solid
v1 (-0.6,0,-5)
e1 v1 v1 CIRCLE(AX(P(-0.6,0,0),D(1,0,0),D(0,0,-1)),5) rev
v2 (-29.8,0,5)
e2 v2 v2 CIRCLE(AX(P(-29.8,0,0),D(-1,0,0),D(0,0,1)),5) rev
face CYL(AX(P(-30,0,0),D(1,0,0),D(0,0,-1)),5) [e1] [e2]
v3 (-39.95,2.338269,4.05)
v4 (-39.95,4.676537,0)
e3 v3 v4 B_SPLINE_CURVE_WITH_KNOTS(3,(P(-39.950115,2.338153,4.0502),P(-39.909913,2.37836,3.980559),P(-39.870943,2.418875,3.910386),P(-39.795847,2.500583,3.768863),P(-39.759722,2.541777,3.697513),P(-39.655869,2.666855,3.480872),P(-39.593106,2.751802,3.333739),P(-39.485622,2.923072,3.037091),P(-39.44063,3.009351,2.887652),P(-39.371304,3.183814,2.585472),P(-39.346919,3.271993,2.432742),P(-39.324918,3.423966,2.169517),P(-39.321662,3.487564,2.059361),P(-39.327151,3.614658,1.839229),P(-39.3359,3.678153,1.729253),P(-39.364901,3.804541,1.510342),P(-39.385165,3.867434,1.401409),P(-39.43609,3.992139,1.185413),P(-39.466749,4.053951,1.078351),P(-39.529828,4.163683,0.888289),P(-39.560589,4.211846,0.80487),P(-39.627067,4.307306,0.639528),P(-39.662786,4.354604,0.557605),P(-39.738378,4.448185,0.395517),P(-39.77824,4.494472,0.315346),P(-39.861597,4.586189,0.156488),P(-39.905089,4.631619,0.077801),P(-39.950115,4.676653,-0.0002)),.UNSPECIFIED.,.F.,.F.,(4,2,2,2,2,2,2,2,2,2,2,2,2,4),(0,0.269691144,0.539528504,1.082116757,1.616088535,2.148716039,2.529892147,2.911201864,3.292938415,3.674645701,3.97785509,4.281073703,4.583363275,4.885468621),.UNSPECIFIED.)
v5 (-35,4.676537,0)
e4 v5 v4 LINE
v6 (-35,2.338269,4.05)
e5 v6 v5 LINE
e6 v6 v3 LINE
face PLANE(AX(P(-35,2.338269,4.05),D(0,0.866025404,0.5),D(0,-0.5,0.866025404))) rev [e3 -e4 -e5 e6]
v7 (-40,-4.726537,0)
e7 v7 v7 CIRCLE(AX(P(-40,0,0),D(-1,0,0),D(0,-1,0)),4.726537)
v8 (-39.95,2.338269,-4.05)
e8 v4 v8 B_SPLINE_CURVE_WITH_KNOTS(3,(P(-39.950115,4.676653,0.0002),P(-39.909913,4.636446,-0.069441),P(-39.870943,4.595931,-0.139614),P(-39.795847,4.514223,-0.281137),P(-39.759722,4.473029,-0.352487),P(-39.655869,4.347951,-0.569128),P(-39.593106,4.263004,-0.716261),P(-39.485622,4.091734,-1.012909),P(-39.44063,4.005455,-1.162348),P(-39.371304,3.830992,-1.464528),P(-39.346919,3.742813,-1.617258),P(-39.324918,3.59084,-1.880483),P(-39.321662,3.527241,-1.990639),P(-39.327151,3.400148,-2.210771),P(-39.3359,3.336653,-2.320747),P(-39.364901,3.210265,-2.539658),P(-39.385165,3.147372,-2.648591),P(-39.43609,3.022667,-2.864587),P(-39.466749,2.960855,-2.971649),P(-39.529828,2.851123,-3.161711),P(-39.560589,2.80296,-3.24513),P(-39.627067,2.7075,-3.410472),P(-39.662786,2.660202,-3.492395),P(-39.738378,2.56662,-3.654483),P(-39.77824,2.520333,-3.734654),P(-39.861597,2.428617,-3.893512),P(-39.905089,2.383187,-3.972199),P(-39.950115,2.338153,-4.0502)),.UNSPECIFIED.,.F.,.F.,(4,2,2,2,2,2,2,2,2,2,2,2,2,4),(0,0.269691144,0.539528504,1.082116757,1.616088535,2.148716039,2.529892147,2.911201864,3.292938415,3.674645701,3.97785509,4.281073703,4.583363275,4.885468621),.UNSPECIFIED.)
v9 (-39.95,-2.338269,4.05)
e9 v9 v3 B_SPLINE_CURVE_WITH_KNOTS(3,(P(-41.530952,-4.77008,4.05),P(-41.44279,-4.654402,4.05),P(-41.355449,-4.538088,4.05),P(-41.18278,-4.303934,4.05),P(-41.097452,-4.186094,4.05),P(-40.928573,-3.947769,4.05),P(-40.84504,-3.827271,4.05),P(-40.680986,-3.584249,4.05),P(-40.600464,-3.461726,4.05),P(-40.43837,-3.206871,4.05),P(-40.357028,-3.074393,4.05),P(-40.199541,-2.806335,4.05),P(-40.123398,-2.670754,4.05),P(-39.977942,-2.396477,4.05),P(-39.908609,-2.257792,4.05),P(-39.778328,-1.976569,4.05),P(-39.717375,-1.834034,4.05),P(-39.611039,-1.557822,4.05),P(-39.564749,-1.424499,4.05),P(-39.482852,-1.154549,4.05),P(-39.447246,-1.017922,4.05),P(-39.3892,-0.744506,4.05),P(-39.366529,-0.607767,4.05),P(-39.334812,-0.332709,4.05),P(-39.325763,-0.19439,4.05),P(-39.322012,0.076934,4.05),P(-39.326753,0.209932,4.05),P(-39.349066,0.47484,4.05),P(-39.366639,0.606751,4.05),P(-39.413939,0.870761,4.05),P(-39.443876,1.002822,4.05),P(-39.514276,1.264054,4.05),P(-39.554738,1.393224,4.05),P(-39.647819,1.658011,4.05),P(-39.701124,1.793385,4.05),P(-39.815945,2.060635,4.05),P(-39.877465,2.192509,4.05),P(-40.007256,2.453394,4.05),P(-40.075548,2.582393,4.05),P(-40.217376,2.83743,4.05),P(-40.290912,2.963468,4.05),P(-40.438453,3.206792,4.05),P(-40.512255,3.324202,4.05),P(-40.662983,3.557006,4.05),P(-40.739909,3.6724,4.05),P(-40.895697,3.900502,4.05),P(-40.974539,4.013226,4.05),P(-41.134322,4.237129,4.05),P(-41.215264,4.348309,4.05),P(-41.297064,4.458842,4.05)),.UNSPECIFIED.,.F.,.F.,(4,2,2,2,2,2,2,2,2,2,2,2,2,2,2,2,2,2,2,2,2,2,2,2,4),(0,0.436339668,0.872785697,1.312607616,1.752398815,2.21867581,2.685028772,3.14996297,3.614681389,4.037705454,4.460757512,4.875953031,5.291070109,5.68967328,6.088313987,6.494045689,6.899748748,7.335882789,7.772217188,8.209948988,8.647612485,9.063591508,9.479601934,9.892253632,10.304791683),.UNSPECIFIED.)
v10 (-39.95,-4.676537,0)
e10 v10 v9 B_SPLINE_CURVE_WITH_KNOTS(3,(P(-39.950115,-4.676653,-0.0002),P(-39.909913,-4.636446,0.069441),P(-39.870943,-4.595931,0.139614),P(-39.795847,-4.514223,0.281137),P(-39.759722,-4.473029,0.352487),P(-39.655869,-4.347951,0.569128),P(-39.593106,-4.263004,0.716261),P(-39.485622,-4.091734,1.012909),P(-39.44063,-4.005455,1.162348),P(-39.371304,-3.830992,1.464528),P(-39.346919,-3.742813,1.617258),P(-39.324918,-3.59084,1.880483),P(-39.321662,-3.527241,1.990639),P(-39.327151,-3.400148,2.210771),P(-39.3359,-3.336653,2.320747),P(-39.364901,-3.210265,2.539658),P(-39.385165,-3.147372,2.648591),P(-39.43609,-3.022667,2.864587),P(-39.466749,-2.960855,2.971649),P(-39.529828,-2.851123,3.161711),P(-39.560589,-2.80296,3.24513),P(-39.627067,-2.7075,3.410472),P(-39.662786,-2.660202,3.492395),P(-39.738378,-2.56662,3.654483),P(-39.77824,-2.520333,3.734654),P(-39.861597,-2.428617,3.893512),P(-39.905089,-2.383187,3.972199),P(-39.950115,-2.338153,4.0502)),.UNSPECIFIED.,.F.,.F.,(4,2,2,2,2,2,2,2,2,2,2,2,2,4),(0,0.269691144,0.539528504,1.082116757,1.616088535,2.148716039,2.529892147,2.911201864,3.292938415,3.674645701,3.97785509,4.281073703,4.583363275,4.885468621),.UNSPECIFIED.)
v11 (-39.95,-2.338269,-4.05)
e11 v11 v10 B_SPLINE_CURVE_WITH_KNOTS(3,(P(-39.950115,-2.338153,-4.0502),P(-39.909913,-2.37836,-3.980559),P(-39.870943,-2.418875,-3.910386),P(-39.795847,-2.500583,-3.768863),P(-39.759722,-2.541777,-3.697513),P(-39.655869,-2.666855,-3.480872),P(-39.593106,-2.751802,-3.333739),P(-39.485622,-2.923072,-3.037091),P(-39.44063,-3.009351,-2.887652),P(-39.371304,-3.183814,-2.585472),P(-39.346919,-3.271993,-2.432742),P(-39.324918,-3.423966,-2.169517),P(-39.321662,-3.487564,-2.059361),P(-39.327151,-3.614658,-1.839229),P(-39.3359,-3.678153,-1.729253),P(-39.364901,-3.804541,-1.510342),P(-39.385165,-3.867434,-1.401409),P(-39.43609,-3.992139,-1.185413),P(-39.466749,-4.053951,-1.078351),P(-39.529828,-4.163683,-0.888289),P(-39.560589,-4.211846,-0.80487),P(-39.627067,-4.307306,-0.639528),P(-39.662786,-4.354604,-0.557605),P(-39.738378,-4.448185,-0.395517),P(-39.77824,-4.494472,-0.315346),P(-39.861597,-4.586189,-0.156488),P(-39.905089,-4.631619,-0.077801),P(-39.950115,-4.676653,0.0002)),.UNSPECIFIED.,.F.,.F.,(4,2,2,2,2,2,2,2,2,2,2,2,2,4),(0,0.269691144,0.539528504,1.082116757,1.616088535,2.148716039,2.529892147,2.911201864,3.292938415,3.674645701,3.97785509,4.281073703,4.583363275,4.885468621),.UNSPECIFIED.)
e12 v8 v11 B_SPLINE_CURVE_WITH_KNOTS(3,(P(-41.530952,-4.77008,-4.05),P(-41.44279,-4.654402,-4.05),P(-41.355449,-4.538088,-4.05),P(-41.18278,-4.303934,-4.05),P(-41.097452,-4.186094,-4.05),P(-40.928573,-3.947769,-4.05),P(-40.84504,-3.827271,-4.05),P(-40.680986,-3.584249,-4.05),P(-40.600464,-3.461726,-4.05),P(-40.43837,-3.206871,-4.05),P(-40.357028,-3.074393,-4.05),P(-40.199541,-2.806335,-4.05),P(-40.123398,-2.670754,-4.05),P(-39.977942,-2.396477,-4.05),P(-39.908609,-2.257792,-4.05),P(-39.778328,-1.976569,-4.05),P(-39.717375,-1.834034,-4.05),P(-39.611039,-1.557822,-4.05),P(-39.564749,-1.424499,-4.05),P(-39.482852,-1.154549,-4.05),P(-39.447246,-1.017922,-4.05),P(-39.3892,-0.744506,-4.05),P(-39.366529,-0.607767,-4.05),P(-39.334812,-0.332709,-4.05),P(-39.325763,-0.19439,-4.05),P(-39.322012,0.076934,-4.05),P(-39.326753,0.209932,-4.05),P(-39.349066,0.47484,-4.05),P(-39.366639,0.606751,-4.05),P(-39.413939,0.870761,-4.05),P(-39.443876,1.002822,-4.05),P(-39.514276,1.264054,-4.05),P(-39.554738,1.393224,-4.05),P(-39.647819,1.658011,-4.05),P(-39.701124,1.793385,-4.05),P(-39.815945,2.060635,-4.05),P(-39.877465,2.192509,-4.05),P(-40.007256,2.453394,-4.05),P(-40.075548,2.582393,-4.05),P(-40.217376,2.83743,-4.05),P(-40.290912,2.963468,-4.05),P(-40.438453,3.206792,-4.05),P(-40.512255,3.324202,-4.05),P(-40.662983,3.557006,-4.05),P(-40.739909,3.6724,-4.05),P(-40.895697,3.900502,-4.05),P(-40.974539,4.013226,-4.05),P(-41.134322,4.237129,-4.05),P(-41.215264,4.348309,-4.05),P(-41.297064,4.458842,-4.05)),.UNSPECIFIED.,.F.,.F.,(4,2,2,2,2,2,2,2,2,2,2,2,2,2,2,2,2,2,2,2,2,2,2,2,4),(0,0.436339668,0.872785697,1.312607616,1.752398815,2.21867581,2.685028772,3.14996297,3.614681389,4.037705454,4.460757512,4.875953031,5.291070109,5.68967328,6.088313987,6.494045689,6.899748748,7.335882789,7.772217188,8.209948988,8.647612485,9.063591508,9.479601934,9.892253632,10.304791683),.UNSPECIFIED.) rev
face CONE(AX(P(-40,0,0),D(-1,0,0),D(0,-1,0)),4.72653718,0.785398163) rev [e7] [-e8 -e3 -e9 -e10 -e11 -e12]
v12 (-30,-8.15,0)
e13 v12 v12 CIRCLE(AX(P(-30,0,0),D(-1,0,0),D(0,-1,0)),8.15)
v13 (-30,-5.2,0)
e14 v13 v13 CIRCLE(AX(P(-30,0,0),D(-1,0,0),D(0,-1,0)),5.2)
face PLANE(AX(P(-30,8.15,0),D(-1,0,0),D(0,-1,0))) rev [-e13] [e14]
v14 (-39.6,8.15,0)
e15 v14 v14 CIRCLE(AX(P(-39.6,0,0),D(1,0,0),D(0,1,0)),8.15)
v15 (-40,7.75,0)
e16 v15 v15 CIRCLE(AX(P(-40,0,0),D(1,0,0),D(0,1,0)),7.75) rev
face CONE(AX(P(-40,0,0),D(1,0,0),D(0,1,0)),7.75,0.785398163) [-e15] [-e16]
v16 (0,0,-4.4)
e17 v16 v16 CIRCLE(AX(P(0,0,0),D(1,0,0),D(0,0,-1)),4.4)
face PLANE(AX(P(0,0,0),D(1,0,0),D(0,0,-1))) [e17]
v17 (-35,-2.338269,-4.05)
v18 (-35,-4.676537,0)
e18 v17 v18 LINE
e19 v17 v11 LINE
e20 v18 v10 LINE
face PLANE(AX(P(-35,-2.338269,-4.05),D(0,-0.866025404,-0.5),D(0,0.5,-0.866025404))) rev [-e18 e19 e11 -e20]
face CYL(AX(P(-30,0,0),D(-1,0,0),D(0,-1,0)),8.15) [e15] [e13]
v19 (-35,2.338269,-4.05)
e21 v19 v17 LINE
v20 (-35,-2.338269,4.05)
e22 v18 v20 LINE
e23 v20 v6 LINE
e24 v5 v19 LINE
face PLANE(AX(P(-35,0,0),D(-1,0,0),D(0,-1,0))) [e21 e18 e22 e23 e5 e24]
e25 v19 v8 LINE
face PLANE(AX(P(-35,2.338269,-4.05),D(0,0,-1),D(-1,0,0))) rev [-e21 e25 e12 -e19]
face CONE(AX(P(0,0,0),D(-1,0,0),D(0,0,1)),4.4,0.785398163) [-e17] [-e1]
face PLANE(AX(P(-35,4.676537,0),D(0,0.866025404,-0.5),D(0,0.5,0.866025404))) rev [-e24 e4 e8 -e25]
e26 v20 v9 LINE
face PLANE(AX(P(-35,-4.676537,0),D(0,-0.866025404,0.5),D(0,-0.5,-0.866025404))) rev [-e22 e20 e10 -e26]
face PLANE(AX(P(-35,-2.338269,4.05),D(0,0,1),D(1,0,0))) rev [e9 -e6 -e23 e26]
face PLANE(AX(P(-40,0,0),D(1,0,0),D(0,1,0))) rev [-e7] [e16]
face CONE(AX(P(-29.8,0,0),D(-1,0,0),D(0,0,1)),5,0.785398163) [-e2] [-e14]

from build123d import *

# Parameters (mm, degrees)
SKETCH2_R           = 5
BOSS_EXTRUDE1_DEPTH = 30
CHAMFER1_SIZE       = 0.6
SKETCH6_W           = 10
SKETCH6_H           = 8.15
CUT_EXTRUDE1_DEPTH  = 5
SKETCH8_R           = 4.72653718
CUT_EXTRUDE2_DEPTH  = 1
CUT_EXTRUDE2_DRAFT  = -45
CHAMFER2_SIZE       = 0.4
CHAMFER3_SIZE       = 0.2


with BuildPart() as part:
    # Sketch2 → Boss-Extrude1 (new body)
    with BuildSketch(Plane(origin=(0, 0, 0), x_dir=(0, 0, -1), z_dir=(1, 0, 0))):
        Circle(SKETCH2_R)
    extrude(amount=-BOSS_EXTRUDE1_DEPTH)

    # Chamfer1
    chamfer1_edges = [part.edges().sort_by_distance(p)[0] for p in [
        (0, 0, 5),
    ]]
    chamfer(chamfer1_edges, length=CHAMFER1_SIZE)

    # Sketch6 → Revolve1 (revolve)
    with BuildSketch(Plane.XY, mode=Mode.PRIVATE) as revolve1_sk:
        with Locations((-35, 4.075)):
            Rectangle(SKETCH6_W, SKETCH6_H)
    revolve(revolve1_sk.sketch.rotate(Axis((-30, 0, 0), (1, 0, 0)), 180), axis=Axis((-30, 0, 0), (1, 0, 0)))

    # Sketch7 → Cut-Extrude1 (cut)
    with BuildSketch(Plane.ZY.offset(40)):
        Polygon((0, 4.67653718), (-4.05, 2.33826859), (-4.05, -2.33826859), (0, -4.67653718), (4.05, -2.33826859), (4.05, 2.33826859), align=None)
    extrude(amount=-CUT_EXTRUDE1_DEPTH, mode=Mode.SUBTRACT)


with BuildPart() as cut_extrude2_tool:
    # Sketch8 → Cut-Extrude2 (with draft: the straight prism first)
    with BuildSketch(Plane.ZY.offset(40)):
        Circle(SKETCH8_R)
    extrude(amount=-CUT_EXTRUDE2_DEPTH)
    # Cut-Extrude2: the draft: its side faces are tilted about the plane it starts from
    cut_extrude2_sides = [cut_extrude2_tool.faces().sort_by_distance(p)[0] for p in [
        (-39.5, 0, -4.72653718),
    ]]
    draft(cut_extrude2_sides, Plane.ZY.offset(40), CUT_EXTRUDE2_DRAFT)


with BuildPart() as part_1:
    add(part.part)

    # Cut-Extrude2: cut by cut_extrude2_tool
    add(cut_extrude2_tool.part, mode=Mode.SUBTRACT)

    # Chamfer2
    chamfer2_edges = [part_1.edges().sort_by_distance(p)[0] for p in [
        (-40, 8.15, 0),
    ]]
    chamfer(chamfer2_edges, length=CHAMFER2_SIZE)

    # Chamfer3
    chamfer3_edges = [part_1.edges().sort_by_distance(p)[0] for p in [
        (-30, 0, 5),
    ]]
    chamfer(chamfer3_edges, length=CHAMFER3_SIZE)


solid = part_1.part
